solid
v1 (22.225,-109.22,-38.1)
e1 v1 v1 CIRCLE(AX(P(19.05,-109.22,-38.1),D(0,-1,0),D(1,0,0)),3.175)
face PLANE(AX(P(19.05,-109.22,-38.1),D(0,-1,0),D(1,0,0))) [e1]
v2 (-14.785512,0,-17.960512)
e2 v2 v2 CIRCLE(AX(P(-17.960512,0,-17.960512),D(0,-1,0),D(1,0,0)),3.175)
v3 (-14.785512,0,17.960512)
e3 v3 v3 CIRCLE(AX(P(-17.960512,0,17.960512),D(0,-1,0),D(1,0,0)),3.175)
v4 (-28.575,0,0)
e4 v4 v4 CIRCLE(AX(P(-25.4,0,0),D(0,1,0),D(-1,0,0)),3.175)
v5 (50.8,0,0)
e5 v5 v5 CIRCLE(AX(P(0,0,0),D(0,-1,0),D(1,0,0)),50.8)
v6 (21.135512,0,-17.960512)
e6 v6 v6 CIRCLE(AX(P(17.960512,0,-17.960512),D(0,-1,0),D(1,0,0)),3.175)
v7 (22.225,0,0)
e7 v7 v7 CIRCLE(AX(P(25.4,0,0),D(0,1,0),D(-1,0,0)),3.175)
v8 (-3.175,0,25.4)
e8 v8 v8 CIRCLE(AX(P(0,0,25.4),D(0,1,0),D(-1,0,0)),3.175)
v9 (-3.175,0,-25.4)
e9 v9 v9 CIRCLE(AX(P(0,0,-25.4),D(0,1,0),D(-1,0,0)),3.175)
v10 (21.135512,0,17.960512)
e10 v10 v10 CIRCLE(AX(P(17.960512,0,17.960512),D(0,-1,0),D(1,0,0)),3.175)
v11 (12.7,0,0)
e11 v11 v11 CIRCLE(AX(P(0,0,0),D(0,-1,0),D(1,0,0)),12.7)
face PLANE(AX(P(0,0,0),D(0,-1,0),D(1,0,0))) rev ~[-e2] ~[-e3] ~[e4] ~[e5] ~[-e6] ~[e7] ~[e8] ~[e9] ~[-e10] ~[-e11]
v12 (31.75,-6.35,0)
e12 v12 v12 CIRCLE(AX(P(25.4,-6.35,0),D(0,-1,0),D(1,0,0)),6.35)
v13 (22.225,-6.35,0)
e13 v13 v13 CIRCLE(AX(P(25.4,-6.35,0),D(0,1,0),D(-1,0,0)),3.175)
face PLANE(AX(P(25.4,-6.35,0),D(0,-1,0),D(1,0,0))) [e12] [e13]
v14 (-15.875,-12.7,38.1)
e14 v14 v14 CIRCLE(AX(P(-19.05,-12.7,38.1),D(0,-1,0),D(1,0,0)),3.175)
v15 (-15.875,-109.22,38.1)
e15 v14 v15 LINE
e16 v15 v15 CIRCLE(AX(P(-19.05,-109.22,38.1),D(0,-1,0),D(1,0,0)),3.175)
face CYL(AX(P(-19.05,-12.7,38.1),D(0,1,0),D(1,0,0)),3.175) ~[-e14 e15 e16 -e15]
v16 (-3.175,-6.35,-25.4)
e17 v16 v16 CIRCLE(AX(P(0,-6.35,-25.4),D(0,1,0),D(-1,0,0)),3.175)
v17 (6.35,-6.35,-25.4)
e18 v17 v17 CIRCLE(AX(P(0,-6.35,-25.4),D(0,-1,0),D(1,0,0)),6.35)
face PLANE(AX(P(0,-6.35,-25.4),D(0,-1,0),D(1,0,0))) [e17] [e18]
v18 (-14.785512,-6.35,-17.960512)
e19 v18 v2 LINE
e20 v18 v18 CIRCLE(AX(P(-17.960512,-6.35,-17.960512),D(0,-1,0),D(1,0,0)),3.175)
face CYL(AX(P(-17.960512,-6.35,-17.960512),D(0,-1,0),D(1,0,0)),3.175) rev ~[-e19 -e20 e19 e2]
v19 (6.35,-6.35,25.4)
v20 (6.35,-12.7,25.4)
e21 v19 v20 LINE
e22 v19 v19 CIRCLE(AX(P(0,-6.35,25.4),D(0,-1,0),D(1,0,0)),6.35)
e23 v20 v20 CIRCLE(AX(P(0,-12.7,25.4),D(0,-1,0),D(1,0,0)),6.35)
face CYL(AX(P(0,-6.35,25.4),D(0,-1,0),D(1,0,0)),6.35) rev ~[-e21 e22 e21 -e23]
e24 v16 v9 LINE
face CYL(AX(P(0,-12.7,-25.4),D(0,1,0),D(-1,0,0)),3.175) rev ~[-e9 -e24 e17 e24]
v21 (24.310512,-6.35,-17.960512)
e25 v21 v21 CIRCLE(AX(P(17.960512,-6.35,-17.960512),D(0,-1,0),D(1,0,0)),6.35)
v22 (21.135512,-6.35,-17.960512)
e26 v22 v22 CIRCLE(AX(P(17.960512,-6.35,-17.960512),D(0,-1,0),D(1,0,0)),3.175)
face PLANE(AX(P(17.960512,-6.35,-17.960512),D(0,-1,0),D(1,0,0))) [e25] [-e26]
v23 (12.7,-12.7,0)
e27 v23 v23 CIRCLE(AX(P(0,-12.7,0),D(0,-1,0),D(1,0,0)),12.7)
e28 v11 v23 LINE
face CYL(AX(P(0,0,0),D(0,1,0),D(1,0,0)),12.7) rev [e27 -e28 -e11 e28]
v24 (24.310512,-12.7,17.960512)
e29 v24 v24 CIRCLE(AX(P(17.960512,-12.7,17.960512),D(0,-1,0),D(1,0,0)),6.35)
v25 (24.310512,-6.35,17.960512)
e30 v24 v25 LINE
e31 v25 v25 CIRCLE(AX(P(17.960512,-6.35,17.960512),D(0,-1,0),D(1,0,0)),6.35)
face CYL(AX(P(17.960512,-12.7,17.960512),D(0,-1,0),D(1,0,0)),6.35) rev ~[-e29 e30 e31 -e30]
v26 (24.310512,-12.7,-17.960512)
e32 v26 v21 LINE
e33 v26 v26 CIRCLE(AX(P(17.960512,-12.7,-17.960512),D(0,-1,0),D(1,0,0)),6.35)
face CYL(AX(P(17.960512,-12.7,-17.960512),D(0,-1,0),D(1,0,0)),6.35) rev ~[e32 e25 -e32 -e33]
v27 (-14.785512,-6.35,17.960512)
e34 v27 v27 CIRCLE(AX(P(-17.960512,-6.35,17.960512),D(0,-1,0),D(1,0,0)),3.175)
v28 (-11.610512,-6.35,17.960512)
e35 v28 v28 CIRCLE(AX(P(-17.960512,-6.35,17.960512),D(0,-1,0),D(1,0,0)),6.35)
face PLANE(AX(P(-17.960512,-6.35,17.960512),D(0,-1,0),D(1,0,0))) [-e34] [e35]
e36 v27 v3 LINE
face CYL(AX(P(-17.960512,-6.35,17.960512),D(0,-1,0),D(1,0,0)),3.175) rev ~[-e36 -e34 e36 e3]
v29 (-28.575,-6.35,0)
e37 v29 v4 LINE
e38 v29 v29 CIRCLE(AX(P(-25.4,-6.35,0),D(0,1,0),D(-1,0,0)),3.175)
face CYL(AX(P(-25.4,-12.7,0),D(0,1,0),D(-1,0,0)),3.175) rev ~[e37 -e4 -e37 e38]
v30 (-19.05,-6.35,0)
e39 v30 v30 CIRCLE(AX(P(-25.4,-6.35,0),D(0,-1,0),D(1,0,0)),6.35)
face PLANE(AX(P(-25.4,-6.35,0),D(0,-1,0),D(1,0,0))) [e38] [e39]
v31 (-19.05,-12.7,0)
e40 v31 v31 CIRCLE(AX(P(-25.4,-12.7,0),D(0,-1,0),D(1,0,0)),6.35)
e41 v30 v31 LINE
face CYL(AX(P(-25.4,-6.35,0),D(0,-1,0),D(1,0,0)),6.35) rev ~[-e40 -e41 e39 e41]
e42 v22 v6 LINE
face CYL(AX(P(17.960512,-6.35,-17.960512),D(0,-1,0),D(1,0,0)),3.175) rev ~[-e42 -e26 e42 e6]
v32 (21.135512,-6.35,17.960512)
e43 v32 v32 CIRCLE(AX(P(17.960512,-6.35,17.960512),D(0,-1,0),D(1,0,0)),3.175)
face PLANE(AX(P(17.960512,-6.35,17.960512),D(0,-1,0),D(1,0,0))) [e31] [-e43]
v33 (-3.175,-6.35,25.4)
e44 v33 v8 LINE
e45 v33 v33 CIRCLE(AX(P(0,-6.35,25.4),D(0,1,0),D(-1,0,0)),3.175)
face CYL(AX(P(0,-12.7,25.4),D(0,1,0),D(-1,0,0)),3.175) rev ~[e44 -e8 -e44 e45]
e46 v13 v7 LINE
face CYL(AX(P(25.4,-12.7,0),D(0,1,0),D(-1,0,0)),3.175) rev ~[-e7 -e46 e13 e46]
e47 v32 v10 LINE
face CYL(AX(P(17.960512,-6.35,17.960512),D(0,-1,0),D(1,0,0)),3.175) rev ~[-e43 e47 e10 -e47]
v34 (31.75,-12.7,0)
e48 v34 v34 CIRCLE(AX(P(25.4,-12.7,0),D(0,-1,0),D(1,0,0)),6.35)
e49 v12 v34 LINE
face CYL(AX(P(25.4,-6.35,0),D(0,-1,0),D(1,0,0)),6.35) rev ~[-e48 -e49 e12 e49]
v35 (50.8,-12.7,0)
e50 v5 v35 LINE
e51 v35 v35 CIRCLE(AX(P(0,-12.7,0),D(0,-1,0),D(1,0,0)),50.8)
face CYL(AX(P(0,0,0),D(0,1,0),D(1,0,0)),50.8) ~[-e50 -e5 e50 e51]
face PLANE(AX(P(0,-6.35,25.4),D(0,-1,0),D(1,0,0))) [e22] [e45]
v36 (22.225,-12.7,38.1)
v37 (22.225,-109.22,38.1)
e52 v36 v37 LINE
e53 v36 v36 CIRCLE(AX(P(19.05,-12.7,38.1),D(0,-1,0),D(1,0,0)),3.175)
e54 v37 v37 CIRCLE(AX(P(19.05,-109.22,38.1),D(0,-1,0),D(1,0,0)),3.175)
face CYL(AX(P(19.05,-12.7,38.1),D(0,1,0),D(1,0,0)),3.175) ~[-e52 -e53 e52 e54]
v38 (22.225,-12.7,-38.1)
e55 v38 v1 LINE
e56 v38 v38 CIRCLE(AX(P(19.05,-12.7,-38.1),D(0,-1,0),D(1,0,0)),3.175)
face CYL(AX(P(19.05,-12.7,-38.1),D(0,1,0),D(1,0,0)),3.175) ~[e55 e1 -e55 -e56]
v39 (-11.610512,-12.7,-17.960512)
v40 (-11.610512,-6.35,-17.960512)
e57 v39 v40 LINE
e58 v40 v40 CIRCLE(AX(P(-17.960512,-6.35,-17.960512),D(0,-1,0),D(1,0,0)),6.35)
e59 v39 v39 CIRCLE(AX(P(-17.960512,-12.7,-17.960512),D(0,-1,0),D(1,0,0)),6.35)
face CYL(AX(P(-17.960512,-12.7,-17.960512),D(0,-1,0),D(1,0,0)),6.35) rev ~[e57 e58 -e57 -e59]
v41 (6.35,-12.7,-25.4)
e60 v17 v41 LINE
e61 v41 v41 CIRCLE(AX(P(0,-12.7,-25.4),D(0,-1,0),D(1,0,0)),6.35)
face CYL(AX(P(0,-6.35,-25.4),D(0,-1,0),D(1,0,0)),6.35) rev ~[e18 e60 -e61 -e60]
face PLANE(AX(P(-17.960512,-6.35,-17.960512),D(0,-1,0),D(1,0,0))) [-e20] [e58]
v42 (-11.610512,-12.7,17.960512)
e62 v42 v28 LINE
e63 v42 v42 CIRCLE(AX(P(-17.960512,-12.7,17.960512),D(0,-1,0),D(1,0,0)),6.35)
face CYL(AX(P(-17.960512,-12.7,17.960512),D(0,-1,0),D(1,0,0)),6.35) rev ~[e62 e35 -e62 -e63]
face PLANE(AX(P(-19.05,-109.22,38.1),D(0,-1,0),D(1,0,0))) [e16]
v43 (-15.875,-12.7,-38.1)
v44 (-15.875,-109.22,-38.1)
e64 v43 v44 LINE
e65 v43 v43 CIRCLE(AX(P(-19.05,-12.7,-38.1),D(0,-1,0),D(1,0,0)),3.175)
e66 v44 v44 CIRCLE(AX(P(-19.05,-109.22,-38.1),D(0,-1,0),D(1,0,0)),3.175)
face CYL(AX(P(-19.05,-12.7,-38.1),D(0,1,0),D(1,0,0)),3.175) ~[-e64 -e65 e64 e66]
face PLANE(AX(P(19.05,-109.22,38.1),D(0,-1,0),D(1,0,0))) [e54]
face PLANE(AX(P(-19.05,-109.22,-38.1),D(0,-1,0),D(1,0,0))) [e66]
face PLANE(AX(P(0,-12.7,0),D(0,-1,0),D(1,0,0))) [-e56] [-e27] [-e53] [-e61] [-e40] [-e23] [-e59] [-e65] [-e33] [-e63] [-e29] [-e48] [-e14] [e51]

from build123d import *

# Parameters (mm, degrees)
F0_R           = 50.8
F0_R_2         = 12.7
F1_DEPTH       = 12.7
F2_R           = 6.35
F3_DEPTH       = 6.35
F4_D           = 6.35
F4_CBORE_D     = 12.7
F4_CBORE_DEPTH = 6.35
F5_R           = 3.175
F6_DEPTH       = 96.52
F7_R           = 3.175
F8_DEPTH       = 25.4


with BuildPart() as f1:
    # F0 (on Front) → F1 (new body)
    with BuildSketch(Plane.XZ):
        Circle(F0_R)
        Circle(F0_R_2, mode=Mode.SUBTRACT)
    extrude(amount=F1_DEPTH)

    # F2 (on face) → F3 (cut)
    with BuildSketch(Plane.XZ.offset(12.7)):
        with Locations((-17.960512, 17.960512)):
            Circle(F2_R)
        with Locations((17.960512, 17.960512)):
            Circle(F2_R)
        with Locations((17.960512, -17.960512)):
            Circle(F2_R)
        with Locations((-17.960512, -17.960512)):
            Circle(F2_R)
    extrude(amount=-F3_DEPTH, mode=Mode.SUBTRACT)

    # F4 (through all)
    with Locations(Plane.XZ.offset(12.7)):
        with Locations((0, 25.4), (-25.4, 0), (0, -25.4), (25.4, 0)):
            CounterBoreHole(F4_D / 2, F4_CBORE_D / 2, F4_CBORE_DEPTH)

    # F5 (on face) → F6 (join)
    with BuildSketch(Plane.XZ.offset(12.7)):
        with Locations((-19.05, 38.1)):
            Circle(F5_R)
        with Locations((19.05, 38.1)):
            Circle(F5_R)
        with Locations((19.05, -38.1)):
            Circle(F5_R)
        with Locations((-19.05, -38.1)):
            Circle(F5_R)
    extrude(amount=F6_DEPTH)

    # F7 (on face) → F8 (cut)
    with BuildSketch(Plane.XZ.offset(6.35)):
        with Locations((-17.960512, 17.960512)):
            Circle(F7_R)
        with Locations((-17.960512, -17.960512)):
            Circle(F7_R)
        with Locations((17.960512, 17.960512)):
            Circle(F7_R)
        with Locations((17.960512, -17.960512)):
            Circle(F7_R)
    extrude(amount=-F8_DEPTH, mode=Mode.SUBTRACT)


solid = f1.part
